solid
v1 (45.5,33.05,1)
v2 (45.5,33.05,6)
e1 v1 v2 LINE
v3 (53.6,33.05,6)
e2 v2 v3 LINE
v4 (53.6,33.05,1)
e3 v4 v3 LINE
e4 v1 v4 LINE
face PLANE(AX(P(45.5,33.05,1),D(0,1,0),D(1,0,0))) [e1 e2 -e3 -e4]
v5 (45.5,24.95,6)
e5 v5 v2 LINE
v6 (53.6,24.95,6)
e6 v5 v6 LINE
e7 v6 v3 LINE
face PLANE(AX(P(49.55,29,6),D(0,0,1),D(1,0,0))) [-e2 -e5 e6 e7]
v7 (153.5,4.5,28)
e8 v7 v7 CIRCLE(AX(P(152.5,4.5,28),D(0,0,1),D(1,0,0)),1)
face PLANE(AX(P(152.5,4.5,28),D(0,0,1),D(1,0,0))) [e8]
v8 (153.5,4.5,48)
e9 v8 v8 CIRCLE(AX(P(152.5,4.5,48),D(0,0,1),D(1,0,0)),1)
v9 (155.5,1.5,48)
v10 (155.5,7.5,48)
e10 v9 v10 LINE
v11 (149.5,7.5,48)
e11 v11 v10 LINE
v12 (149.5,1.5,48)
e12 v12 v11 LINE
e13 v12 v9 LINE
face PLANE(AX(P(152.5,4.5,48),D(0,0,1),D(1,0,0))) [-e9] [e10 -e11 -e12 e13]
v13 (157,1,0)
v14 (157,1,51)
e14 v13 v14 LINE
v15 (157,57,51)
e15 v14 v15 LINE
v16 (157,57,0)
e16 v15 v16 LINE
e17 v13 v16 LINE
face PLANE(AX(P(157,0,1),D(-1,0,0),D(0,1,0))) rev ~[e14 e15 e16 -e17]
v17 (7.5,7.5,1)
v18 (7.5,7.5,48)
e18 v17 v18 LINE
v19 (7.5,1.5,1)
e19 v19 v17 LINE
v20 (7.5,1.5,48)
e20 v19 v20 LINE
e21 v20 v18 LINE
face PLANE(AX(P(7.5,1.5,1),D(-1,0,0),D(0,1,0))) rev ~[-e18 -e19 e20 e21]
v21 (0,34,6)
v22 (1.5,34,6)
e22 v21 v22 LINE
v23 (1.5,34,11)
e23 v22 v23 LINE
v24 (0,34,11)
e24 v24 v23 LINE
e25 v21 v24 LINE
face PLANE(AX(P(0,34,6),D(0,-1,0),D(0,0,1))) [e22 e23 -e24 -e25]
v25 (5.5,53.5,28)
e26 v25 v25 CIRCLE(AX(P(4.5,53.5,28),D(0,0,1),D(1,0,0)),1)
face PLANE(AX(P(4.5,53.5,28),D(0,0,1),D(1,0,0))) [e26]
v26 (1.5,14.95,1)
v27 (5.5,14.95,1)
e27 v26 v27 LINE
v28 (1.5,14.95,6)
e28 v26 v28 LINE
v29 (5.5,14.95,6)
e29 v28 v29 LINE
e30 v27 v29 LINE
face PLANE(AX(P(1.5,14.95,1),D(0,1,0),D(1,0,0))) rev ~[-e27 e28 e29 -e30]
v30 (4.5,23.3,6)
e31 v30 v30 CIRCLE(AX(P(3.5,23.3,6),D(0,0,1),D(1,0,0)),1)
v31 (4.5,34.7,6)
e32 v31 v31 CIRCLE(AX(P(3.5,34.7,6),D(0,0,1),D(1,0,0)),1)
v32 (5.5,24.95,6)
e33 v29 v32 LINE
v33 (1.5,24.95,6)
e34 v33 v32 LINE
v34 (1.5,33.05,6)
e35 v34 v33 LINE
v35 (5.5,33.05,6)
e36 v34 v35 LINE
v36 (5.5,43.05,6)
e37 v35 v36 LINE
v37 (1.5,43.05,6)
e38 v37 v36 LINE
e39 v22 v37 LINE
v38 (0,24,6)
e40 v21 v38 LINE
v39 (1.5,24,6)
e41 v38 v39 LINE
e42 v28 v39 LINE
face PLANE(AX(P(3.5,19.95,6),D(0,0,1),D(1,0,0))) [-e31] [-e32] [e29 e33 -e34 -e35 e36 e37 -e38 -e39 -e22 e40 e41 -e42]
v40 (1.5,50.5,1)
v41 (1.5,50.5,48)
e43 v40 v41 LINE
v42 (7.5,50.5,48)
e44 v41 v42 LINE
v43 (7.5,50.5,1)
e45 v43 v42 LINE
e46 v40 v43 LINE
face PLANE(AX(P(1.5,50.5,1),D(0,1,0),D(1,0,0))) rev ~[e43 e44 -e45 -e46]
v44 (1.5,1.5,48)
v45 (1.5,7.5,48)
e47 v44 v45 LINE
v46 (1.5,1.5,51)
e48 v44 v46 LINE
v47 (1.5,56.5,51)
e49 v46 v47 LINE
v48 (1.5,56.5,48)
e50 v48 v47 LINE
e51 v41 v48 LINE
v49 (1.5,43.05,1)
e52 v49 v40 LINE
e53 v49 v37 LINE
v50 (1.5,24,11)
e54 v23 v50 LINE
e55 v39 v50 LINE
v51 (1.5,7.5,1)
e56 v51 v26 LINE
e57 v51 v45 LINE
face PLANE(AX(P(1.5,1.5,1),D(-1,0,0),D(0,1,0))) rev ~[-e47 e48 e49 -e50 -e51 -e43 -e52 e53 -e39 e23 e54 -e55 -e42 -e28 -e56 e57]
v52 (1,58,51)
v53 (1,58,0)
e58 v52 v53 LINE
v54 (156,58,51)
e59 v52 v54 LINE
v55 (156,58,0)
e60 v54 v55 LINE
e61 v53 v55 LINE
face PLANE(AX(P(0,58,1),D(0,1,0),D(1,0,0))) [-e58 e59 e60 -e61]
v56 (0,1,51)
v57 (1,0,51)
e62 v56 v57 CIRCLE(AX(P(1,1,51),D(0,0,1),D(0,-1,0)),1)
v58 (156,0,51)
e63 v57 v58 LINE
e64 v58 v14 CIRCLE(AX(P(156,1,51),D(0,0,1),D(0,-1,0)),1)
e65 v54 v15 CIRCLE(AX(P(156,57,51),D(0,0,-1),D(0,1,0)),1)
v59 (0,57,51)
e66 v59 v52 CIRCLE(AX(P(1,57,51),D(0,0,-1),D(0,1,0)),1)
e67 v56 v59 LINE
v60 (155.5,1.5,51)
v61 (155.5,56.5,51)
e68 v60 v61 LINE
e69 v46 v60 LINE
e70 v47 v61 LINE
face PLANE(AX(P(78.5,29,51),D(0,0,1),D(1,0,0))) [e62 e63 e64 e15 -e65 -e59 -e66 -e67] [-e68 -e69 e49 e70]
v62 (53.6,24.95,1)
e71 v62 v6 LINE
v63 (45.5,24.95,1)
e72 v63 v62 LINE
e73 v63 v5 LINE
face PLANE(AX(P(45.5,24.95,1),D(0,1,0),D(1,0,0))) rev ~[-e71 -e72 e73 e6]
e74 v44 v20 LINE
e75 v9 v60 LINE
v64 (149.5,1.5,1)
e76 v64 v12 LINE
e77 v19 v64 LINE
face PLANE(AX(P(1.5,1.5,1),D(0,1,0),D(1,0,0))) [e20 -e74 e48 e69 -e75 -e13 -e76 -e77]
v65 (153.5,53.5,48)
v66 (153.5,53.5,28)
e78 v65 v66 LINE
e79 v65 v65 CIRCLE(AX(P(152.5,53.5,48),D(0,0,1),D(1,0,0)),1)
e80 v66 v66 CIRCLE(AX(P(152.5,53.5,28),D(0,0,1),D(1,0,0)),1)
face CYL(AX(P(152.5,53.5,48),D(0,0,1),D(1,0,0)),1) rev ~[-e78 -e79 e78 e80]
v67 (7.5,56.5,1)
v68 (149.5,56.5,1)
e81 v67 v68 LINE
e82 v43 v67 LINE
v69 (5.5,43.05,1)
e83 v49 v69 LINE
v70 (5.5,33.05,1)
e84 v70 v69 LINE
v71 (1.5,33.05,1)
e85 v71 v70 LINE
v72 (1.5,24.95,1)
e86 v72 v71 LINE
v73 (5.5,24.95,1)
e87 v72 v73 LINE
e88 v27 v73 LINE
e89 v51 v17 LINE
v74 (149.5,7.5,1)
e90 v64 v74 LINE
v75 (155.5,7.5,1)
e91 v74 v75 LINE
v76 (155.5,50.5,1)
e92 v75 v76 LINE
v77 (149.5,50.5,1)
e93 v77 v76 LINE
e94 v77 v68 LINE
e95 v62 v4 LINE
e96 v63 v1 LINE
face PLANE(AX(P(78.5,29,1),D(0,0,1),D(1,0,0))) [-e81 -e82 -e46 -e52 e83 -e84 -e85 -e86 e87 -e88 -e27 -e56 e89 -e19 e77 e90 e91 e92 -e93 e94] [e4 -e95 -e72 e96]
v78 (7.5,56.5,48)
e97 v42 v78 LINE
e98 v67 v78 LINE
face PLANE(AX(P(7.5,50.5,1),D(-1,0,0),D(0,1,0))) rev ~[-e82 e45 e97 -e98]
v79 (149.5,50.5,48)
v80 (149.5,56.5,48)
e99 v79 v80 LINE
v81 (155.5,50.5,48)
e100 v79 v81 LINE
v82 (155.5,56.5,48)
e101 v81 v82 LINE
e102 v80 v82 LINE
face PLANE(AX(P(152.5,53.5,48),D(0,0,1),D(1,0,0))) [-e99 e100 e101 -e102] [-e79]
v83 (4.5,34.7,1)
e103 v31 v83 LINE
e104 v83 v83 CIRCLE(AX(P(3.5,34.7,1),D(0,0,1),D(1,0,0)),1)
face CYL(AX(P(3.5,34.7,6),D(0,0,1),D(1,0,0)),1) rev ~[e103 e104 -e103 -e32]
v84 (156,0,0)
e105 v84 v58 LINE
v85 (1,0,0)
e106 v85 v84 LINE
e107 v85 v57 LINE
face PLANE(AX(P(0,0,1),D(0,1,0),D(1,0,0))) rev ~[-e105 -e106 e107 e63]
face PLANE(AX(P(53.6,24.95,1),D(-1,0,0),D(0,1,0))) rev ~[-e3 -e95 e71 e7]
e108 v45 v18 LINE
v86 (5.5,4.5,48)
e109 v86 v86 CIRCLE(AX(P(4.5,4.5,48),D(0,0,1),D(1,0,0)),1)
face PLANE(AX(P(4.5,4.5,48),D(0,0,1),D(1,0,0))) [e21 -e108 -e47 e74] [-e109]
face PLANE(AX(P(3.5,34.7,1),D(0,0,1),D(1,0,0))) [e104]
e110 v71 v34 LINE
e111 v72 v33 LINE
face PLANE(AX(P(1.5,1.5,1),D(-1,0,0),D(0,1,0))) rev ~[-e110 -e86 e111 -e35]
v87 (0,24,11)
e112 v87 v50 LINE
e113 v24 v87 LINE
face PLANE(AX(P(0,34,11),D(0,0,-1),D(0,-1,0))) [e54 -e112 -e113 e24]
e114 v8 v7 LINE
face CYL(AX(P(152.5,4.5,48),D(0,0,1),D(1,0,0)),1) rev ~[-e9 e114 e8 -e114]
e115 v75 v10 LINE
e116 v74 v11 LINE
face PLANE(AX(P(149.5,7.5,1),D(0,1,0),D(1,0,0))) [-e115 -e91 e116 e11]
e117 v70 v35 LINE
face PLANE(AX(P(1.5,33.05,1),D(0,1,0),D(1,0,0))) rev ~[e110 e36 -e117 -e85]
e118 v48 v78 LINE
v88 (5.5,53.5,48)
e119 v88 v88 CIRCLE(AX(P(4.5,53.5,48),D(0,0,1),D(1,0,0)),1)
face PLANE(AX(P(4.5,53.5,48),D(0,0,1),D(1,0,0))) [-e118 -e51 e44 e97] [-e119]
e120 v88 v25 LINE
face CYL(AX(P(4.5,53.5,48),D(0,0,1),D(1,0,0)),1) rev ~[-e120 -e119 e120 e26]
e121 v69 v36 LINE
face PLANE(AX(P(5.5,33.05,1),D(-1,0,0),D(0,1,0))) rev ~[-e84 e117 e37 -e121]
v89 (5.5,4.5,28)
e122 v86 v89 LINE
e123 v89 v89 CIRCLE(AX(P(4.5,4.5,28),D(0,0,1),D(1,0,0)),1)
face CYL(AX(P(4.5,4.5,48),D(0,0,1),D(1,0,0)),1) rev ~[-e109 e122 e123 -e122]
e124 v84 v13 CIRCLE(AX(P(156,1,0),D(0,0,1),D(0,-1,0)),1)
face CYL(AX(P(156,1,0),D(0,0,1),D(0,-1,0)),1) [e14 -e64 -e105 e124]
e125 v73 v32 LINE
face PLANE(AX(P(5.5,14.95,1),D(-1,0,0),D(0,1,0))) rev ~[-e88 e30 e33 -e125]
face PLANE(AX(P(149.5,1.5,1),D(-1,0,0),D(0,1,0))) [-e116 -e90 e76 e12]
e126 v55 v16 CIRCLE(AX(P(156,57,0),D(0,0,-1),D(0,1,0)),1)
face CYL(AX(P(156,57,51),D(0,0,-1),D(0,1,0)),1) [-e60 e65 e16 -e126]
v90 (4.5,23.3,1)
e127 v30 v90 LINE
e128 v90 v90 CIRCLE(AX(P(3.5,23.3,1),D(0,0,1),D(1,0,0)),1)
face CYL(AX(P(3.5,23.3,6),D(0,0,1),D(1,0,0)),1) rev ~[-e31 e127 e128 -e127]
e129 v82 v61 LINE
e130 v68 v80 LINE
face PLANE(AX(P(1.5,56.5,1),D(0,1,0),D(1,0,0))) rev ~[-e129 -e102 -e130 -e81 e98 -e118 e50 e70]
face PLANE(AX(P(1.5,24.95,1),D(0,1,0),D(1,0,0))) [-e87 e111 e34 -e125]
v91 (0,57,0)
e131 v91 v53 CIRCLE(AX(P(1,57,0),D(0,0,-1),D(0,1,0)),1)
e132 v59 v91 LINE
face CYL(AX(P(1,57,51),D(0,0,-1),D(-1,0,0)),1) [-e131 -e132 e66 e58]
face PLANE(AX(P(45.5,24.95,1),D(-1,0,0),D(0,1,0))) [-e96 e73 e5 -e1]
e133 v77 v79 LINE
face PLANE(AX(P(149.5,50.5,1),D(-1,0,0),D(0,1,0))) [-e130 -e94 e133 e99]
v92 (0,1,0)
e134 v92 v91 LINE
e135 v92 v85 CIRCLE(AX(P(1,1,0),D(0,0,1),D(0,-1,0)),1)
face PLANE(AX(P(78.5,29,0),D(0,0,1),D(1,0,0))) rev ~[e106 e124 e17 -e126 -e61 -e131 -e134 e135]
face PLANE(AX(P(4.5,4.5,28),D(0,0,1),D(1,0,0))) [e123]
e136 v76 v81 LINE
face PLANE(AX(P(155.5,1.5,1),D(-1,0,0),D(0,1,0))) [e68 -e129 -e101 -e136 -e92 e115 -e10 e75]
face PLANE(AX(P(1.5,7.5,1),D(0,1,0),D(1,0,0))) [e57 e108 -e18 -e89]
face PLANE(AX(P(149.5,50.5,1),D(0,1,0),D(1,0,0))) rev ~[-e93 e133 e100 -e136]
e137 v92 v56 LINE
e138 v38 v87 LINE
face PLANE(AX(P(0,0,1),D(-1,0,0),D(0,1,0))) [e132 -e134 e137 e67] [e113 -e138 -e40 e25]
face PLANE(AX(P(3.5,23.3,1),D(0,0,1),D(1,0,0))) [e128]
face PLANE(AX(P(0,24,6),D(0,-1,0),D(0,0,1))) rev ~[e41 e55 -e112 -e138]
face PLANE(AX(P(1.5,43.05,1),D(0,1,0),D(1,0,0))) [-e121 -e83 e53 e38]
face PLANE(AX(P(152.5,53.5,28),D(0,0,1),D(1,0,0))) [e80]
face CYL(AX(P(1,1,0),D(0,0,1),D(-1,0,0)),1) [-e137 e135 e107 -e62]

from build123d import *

# Parameters (mm, degrees)
SKETCH_W        = 157
SKETCH_H        = 58
PAD_DEPTH       = 1
SKETCH001_W     = 157
SKETCH001_H     = 58
SKETCH001_W_2   = 154
SKETCH001_H_2   = 55
PAD001_DEPTH    = 50
SKETCH002_W     = 6
SKETCH002_H     = 6
PAD002_DEPTH    = 47
SKETCH003_R     = 1
POCKET_DEPTH    = 20
SKETCH004_W     = 4
SKETCH004_H     = 10
SKETCH004_W_2   = 8.1
SKETCH004_H_2   = 8.1
PAD003_DEPTH    = 5
SKETCH005_R     = 1
POCKET001_DEPTH = 5
SKETCH006_W     = 10
SKETCH006_H     = 5
POCKET002_DEPTH = 1.5
FILLET_R        = 1


with BuildPart() as part:
    # Sketch → Pad (new body)
    with BuildSketch(Plane.XY):
        with Locations((78.5, 29)):
            Rectangle(SKETCH_W, SKETCH_H)
    extrude(amount=PAD_DEPTH)

    # Sketch001 (on Face6 of Pad) → Pad001 (join)
    with BuildSketch(Plane.XY.offset(1)):
        with Locations((78.5, 29)):
            Rectangle(SKETCH001_W, SKETCH001_H)
        with Locations((78.5, 29)):
            Rectangle(SKETCH001_W_2, SKETCH001_H_2, mode=Mode.SUBTRACT)
    extrude(amount=PAD001_DEPTH)

    # Sketch002 (on Face15 of Pad001) → Pad002 (join)
    with BuildSketch(Plane.XY.offset(1)):
        with Locations((4.5, 53.5)):
            Rectangle(SKETCH002_W, SKETCH002_H)
        with Locations((152.5, 53.5)):
            Rectangle(SKETCH002_W, SKETCH002_H)
        with Locations((152.5, 4.5)):
            Rectangle(SKETCH002_W, SKETCH002_H)
        with Locations((4.5, 4.5)):
            Rectangle(SKETCH002_W, SKETCH002_H)
    extrude(amount=PAD002_DEPTH)

    # Sketch003 (on Face15 of Pad002) → Pocket (cut)
    with BuildSketch(Plane.XY.offset(48)):
        with Locations((4.5, 53.5)):
            Circle(SKETCH003_R)
        with Locations((4.5, 4.5)):
            Circle(SKETCH003_R)
        with Locations((152.5, 4.5)):
            Circle(SKETCH003_R)
        with Locations((152.5, 53.5)):
            Circle(SKETCH003_R)
    extrude(amount=-POCKET_DEPTH, mode=Mode.SUBTRACT)

    # Sketch004 (on Face17 of Pocket) → Pad003 (join)
    with BuildSketch(Plane.XY.offset(1)):
        with Locations((3.5, 38.05)):
            Rectangle(SKETCH004_W, SKETCH004_H)
        with Locations((3.5, 19.95)):
            Rectangle(SKETCH004_W, SKETCH004_H)
        with Locations((49.55, 29)):
            Rectangle(SKETCH004_W_2, SKETCH004_H_2)
    extrude(amount=PAD003_DEPTH)

    # Sketch005 (on Face28 of Pad003) → Pocket001 (cut)
    with BuildSketch(Plane.XY.offset(6)):
        with Locations((3.5, 34.7)):
            Circle(SKETCH005_R)
        with Locations((3.5, 23.3)):
            Circle(SKETCH005_R)
    extrude(amount=-POCKET001_DEPTH, mode=Mode.SUBTRACT)

    # Sketch006 (on Face7 of Pocket001) → Pocket002 (cut)
    with BuildSketch(Plane(origin=(0, 0, 0), x_dir=(0, -1, 0), z_dir=(-1, 0, 0))):
        with Locations((-29, 8.5)):
            Rectangle(SKETCH006_W, SKETCH006_H)
    extrude(amount=-POCKET002_DEPTH, mode=Mode.SUBTRACT)

    # Fillet
    fillet_edges = [part.edges().sort_by_distance(p)[0] for p in [
        (157, 0, 26),
        (157, 58, 26),
        (0, 58, 26),
        (0, 0, 26),
    ]]
    fillet(fillet_edges, radius=FILLET_R)


solid = part.part
